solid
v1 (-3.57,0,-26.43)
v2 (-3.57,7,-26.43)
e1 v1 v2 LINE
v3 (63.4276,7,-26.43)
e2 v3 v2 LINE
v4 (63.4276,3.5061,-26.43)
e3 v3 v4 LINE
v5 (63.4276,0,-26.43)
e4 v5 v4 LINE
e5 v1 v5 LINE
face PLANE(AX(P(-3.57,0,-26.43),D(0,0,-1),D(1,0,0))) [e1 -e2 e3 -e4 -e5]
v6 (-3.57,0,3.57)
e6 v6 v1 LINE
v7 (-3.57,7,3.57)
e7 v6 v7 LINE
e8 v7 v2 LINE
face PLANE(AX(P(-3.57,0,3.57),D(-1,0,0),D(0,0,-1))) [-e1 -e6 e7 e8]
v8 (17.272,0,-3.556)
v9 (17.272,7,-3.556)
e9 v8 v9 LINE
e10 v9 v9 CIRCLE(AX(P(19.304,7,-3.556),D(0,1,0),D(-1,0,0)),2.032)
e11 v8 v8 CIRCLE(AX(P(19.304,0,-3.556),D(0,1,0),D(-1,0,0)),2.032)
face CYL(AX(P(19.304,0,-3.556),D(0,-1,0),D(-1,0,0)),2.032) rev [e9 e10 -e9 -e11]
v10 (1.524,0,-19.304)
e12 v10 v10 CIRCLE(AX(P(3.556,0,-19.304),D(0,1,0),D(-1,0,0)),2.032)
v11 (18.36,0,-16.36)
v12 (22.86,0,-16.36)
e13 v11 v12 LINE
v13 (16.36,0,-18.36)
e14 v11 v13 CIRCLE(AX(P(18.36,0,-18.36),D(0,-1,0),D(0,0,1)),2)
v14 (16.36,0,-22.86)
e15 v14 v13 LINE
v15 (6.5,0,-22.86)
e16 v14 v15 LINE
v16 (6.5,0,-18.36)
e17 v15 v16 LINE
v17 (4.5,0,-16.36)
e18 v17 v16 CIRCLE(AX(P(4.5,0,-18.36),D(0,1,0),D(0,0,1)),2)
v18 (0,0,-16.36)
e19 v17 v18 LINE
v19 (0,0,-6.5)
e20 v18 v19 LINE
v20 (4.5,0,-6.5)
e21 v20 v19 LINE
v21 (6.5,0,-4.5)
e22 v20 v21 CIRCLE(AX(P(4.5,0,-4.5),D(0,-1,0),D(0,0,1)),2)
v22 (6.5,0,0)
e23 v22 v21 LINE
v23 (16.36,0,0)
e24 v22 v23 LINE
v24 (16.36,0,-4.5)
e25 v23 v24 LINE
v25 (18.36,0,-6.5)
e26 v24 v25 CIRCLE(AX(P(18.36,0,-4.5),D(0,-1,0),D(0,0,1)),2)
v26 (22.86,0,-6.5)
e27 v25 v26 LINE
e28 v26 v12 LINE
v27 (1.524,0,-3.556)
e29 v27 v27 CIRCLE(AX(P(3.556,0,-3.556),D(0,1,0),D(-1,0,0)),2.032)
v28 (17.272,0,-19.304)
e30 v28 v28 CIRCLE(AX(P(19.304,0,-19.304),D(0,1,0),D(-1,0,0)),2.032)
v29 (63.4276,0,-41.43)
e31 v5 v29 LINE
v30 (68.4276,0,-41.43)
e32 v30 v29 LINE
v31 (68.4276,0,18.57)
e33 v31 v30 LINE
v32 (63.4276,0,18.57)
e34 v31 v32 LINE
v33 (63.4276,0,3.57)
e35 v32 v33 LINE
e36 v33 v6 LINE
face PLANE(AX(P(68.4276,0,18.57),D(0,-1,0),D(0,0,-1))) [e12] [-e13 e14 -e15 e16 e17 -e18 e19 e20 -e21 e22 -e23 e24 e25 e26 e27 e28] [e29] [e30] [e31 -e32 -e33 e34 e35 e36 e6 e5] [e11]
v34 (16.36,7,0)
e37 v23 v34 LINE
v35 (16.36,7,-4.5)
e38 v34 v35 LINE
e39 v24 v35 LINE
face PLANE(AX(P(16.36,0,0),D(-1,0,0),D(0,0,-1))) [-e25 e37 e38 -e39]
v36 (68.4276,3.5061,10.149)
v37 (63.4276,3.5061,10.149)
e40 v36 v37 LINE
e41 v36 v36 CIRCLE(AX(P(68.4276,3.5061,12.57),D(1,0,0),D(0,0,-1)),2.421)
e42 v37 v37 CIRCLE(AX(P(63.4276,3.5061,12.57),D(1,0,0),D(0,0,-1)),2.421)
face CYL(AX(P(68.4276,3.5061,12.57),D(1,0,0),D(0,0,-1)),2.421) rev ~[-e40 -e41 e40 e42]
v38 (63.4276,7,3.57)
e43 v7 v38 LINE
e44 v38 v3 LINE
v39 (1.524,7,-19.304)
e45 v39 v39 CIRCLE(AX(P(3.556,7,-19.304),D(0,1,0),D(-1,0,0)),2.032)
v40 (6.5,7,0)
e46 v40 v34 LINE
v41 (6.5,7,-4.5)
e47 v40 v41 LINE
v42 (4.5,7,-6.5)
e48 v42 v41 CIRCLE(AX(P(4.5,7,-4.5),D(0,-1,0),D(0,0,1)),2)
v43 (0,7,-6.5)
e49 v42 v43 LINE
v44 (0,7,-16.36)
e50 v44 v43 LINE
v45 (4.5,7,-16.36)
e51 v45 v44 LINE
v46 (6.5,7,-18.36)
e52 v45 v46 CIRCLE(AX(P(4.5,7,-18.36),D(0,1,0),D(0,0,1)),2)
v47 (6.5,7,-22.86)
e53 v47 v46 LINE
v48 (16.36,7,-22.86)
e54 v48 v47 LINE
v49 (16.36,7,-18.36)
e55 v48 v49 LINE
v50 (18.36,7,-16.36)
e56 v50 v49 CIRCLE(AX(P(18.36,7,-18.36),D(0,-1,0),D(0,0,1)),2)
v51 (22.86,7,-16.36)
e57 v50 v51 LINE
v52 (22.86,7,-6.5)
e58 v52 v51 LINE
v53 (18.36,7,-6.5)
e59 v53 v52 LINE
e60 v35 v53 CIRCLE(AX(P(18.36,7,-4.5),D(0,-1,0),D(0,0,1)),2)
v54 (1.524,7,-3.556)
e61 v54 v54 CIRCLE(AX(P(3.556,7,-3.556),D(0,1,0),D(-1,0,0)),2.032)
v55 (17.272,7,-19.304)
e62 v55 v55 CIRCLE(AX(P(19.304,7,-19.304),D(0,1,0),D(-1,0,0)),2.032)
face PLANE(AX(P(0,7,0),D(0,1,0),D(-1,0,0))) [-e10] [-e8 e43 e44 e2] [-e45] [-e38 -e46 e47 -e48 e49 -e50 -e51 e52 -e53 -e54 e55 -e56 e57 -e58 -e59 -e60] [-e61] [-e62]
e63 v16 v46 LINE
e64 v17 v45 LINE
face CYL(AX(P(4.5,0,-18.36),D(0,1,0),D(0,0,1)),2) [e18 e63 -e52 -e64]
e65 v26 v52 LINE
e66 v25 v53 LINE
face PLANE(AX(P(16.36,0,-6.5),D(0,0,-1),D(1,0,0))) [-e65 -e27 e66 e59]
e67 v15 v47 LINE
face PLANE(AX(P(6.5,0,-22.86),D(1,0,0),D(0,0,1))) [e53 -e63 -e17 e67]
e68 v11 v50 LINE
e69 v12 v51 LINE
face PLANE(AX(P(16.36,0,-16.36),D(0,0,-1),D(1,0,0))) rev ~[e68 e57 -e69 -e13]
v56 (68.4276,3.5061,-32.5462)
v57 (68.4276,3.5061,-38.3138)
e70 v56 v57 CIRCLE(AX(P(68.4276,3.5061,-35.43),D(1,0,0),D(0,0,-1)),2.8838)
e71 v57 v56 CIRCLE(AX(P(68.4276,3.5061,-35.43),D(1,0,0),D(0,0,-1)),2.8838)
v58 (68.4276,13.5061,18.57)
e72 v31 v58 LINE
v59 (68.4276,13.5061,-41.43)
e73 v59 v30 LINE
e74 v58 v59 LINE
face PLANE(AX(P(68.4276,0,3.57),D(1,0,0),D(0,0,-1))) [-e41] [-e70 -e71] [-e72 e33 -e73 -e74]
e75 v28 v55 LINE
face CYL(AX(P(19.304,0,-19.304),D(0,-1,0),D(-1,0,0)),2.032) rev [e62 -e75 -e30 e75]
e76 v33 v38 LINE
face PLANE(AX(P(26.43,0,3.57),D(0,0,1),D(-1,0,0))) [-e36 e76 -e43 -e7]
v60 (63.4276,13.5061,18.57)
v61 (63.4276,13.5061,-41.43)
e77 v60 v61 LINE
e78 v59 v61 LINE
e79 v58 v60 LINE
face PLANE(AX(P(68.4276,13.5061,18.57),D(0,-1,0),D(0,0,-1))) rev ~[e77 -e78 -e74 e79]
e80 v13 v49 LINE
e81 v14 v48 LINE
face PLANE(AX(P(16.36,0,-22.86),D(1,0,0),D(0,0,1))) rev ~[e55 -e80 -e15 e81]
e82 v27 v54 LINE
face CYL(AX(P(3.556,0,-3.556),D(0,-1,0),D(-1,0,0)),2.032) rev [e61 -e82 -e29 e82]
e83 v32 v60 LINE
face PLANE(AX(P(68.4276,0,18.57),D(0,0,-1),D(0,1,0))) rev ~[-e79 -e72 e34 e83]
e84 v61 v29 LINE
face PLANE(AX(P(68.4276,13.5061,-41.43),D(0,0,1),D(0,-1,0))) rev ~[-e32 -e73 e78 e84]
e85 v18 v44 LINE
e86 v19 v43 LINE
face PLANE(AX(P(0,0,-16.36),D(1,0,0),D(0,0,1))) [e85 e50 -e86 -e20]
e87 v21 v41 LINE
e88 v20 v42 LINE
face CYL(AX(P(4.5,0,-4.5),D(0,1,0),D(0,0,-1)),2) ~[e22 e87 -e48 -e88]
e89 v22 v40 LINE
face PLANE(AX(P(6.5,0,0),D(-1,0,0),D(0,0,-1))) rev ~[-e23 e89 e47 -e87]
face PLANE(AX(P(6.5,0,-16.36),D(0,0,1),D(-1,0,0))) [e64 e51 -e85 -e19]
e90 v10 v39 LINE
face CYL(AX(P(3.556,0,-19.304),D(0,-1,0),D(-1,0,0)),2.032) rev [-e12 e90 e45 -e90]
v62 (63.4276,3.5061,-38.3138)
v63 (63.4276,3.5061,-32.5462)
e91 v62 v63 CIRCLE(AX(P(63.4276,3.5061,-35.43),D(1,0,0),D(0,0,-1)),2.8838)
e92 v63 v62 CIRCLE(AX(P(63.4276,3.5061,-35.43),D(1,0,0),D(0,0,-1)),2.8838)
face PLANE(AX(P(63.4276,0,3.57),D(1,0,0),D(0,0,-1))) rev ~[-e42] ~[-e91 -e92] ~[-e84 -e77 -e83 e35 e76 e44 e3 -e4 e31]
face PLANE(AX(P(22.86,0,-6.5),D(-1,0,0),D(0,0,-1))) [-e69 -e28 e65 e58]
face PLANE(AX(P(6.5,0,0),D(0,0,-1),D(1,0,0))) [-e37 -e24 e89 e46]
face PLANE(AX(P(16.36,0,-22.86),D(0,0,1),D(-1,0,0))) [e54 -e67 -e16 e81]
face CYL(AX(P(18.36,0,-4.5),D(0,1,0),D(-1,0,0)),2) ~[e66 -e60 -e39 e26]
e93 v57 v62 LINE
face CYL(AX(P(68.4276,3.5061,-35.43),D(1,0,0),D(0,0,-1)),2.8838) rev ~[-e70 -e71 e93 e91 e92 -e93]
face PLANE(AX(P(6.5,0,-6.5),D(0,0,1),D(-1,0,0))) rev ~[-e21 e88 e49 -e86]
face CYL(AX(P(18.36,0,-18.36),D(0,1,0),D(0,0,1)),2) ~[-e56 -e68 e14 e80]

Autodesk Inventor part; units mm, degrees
ref_plane "YZ Plane" through (0, 0, 0) normal (1, 0, 0) x (0, 1, 0)
ref_plane "XZ Plane" through (0, 0, 0) normal (0, 1, 0) x (-1, 0, 0)
ref_plane "XY Plane" through (0, 0, 0) normal (0, 0, 1) x (1, 0, 0)
sketch "Sketch1" plane through (0, 0, 0) normal (0, 1, 0) x (-1, 0, 0)
  line L0 (0, 0) -> (-22.86, 0)
  line L1 (-22.86, 0) -> (-22.86, -22.86)
  line L2 (-22.86, -22.86) -> (0, -22.86)
  line L3 (0, -22.86) -> (0, 0)
  line L4 (-22.86, -22.86) -> (-19.304, -22.86)
  line L5 (-19.304, -22.86) -> (-19.304, -19.304) construction
  line L6 (-19.304, -19.304) -> (-22.86, -19.304) construction
  line L7 (-22.86, -19.304) -> (-22.86, -22.86)
  line L8 (0, -22.86) -> (-3.556, -22.86)
  line L9 (-3.556, -22.86) -> (-3.556, -19.304) construction
  line L10 (-3.556, -19.304) -> (0, -19.304) construction
  line L11 (0, -19.304) -> (0, -22.86)
  line L12 (0, 0) -> (-3.556, 0)
  line L13 (-3.556, 0) -> (-3.556, -3.556) construction
  line L14 (-3.556, -3.556) -> (0, -3.556) construction
  line L15 (0, -3.556) -> (0, 0)
  line L16 (-22.86, 0) -> (-19.304, 0)
  line L17 (-19.304, 0) -> (-19.304, -3.556) construction
  line L18 (-19.304, -3.556) -> (-22.86, -3.556) construction
  line L19 (-22.86, -3.556) -> (-22.86, 0)
  circle A0 centre (-3.556, -19.304) radius 2.032
  circle A1 centre (-19.304, -19.304) radius 2.032
  circle A2 centre (-19.304, -3.556) radius 2.032
  circle A3 centre (-3.556, -3.556) radius 2.032
  line L20 (3.57, -26.43) -> (-26.43, -26.43)
  line L21 (-26.43, -26.43) -> (-26.43, 3.57)
  line L22 (-26.43, 3.57) -> (3.57, 3.57)
  line L23 (3.57, 3.57) -> (3.57, -26.43)
  line L24 (0, 0) -> (-6.5, 0)
  line L25 (-6.5, 0) -> (-6.5, -6.5)
  line L26 (-6.5, -6.5) -> (0, -6.5)
  line L27 (0, -6.5) -> (0, 0)
  line L28 (0, -22.86) -> (-6.5, -22.86)
  line L29 (-6.5, -22.86) -> (-6.5, -16.36)
  line L30 (-6.5, -16.36) -> (0, -16.36)
  line L31 (0, -16.36) -> (0, -22.86)
  line L32 (-22.86, -22.86) -> (-16.36, -22.86)
  line L33 (-16.36, -22.86) -> (-16.36, -16.36)
  line L34 (-16.36, -16.36) -> (-22.86, -16.36)
  line L35 (-22.86, -16.36) -> (-22.86, -22.86)
  line L36 (-22.86, 0) -> (-16.36, 0)
  line L37 (-16.36, 0) -> (-16.36, -6.5)
  line L38 (-16.36, -6.5) -> (-22.86, -6.5)
  line L39 (-22.86, -6.5) -> (-22.86, 0)
  line L40 (-26.43, 3.57) -> (-68.4276, 3.57)
  line L41 (-68.4276, 3.57) -> (-68.4276, -26.43)
  line L42 (-68.4276, -26.43) -> (-26.43, -26.43)
  line L43 (-26.43, -26.43) -> (-26.43, 3.57)
  circle A4 centre (-11.43, -11.43) radius 5
  point P0 (0, -16.36)
  point P1 (0, -6.5)
  dimension "d2" = 22.86
  dimension "d3" = 22.86
  dimension "d4" = 3.556
  dimension "d5" = 3.556
  dimension "d6" = 3.556
  dimension "d7" = 3.556
  dimension "d8" = 3.556
  dimension "d9" = 3.556
  dimension "d10" = 3.556
  dimension "d11" = 3.556
  dimension "d12" = 4.064
  dimension "d13" = 4.064
  dimension "d14" = 4.064
  dimension "d15" = 4.064
  dimension "d16" = 30
  dimension "d17" = 30
  dimension "d18" = 3.57
  dimension "d19" = 3.57
  dimension "d20" = 6.5
  dimension "d21" = 6.5
  dimension "d22" = 6.5
  dimension "d23" = 6.5
  dimension "d24" = 6.5
  dimension "d25" = 6.5
  dimension "d26" = 6.5
  dimension "d31" = 10
  dimension "d32" = 15
  dimension "d33" = 15
  dimension "d34" = 56.9976
extrude "Extrusion1" add sketch "Sketch1" along normal blind 7 contours L3 L26 L25 L0 | L37 L38 L1 L0 | L3 L2 L29 L30 | L34 L33 L2 L1 | L20 L21 L22 L23 | L42 L41 L40 L21
fillet "Fillet1" radius 2 4 edges at (6.5, 3.5, -16.36) (16.36, 3.5, -16.36) (16.36, 3.5, -6.5) (6.5, 3.5, -6.5)
sketch "Sketch4" plane through (68.4276, 0, 3.57) normal (1, 0, 0) x (0, 0, -1)
  line L0 (-15, 13.5061) -> (45, 13.5061)
  line L1 (45, 13.5061) -> (45, -6.4939)
  line L2 (45, -6.4939) -> (-15, -6.4939)
  line L3 (-15, -6.4939) -> (-15, 13.5061)
  line L4 (-15, 13.5061) -> (45, -6.4939) construction
  line L5 (45, 13.5061) -> (-15, -6.4939) construction
  line L6 (30, 0) -> (30, 7) projected
  line L7 (15, 3.5061) -> (39, 3.5061)
  circle A0 centre (39, 3.5061) radius 2.8838
  circle A1 centre (-9, 3.5061) radius 2.421
  line L8 (-15, 0) -> (45, 0)
  line L9 (45, 0) -> (45, 13.5061)
  line L10 (45, 13.5061) -> (-15, 13.5061)
  line L11 (-15, 13.5061) -> (-15, 0)
  point P0 (3.57, 0)
  dimension "d46" = 60
  dimension "d47" = 20
  dimension "d48" = 15
  dimension "d49" = 10
  dimension "d56" = 24
  dimension "d57" = 24
extrude "Extrusion4" add sketch "Sketch4" against normal blind 5 contours L0 L1 L8 L3
properties part number "as5600mount"
